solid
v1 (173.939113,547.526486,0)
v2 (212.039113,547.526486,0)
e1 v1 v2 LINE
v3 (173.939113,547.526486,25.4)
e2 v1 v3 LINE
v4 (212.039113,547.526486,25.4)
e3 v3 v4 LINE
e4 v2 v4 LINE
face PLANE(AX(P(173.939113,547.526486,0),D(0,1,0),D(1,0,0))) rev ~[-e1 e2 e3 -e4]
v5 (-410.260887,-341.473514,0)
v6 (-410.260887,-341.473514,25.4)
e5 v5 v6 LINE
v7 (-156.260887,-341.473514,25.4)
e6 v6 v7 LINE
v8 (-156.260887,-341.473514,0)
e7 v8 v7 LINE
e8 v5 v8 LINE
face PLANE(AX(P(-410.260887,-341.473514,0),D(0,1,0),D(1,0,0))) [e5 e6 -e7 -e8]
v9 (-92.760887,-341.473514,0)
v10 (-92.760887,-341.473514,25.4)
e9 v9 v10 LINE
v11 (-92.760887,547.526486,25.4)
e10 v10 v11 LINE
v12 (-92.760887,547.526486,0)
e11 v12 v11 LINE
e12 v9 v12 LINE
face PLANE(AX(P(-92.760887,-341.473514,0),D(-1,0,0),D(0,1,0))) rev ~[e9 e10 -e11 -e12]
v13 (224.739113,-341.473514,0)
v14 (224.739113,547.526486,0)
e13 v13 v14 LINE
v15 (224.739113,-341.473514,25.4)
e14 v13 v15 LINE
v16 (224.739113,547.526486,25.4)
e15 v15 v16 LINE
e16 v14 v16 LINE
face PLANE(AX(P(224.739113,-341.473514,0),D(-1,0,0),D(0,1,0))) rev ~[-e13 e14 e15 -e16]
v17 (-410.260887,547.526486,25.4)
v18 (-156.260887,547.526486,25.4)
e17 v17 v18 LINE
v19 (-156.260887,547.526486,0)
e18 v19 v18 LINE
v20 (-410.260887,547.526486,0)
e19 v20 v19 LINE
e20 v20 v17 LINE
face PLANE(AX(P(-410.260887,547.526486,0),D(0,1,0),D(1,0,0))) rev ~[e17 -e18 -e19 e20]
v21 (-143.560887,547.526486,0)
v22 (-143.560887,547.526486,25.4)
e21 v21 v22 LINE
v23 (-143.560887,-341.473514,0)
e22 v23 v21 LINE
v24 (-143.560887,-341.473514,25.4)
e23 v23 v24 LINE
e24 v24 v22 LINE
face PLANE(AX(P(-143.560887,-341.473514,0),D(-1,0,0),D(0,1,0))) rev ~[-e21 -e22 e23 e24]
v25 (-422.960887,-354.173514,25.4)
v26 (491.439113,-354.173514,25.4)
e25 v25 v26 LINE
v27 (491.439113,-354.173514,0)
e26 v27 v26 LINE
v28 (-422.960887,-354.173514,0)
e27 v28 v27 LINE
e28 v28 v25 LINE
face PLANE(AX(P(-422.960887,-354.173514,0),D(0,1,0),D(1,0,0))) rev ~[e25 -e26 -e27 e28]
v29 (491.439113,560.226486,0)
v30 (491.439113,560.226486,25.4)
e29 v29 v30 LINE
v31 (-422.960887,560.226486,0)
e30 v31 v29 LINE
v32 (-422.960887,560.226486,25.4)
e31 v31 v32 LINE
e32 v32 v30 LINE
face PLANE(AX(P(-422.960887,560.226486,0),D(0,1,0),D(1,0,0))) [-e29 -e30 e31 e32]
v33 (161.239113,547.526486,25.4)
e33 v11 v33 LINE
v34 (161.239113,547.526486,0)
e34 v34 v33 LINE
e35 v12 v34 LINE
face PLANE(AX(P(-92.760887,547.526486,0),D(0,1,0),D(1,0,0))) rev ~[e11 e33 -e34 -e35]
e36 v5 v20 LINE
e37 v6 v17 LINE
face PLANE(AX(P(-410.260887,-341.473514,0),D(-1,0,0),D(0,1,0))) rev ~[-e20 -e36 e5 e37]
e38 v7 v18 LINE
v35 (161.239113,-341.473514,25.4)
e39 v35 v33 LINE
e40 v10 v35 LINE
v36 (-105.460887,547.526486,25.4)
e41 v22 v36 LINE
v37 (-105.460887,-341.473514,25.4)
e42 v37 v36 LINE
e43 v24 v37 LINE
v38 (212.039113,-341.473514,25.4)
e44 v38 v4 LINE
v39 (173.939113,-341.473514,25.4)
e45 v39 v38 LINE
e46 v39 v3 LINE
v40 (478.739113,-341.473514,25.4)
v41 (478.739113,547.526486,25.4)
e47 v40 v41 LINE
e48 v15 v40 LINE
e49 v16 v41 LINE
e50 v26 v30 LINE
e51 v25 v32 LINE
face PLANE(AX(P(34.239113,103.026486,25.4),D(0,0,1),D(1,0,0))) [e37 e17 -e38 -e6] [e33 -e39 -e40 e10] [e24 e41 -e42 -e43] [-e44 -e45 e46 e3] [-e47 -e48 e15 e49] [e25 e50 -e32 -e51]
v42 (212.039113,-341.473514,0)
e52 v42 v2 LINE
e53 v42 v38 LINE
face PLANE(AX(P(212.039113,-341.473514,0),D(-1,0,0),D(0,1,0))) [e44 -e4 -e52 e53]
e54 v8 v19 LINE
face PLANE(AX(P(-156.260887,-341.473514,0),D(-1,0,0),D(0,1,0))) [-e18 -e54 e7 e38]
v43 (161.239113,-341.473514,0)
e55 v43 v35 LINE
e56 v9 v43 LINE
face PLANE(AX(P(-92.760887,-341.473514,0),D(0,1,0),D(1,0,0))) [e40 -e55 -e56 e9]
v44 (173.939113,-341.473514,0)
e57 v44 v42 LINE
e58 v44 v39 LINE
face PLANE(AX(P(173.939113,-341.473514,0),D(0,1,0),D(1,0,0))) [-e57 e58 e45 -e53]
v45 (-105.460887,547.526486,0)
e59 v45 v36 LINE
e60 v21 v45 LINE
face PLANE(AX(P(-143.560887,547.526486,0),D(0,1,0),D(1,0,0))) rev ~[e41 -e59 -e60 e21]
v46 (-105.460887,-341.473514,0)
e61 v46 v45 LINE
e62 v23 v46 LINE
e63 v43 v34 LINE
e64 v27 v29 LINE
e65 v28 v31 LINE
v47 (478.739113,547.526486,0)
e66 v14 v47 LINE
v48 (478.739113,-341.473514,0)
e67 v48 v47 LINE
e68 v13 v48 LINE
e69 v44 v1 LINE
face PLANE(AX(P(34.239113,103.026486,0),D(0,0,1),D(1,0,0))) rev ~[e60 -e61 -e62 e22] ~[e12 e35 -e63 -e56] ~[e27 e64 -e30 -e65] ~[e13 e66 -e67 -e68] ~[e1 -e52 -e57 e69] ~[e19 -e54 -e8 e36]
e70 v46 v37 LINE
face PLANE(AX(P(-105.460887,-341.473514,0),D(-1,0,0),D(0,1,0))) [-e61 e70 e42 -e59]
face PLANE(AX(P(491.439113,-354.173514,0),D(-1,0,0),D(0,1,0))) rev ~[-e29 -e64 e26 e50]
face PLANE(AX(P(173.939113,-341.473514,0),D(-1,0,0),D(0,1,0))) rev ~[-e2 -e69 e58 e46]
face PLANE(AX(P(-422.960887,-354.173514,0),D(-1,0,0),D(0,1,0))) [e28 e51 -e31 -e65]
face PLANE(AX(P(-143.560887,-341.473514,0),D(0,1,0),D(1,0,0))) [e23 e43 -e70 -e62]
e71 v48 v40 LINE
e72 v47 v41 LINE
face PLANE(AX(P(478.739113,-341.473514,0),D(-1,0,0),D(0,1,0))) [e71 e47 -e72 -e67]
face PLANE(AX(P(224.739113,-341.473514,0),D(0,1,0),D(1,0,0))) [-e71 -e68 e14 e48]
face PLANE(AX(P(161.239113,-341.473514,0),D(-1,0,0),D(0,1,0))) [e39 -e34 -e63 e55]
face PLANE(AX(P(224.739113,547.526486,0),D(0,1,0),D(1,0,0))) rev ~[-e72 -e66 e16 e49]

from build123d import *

# Parameters (mm, degrees)
F0_W     = 914.4
F0_H     = 914.4
F0_W_2   = 254
F0_H_2   = 889
F0_W_3   = 38.1
F1_DEPTH = 25.4


with BuildPart() as f1:
    # F0 (on Top) → F1 (new body)
    with BuildSketch(Plane.XY):
        with Locations((34.239113, 103.026486)):
            Rectangle(F0_W, F0_H)
        with Locations((-283.260887, 103.026486)):
            Rectangle(F0_W_2, F0_H_2, mode=Mode.SUBTRACT)
        with Locations((-124.510887, 103.026486)):
            Rectangle(F0_W_3, F0_H_2, mode=Mode.SUBTRACT)
        with Locations((34.239113, 103.026486)):
            Rectangle(F0_W_2, F0_H_2, mode=Mode.SUBTRACT)
        with Locations((192.989113, 103.026486)):
            Rectangle(F0_W_3, F0_H_2, mode=Mode.SUBTRACT)
        with Locations((351.739113, 103.026486)):
            Rectangle(F0_W_2, F0_H_2, mode=Mode.SUBTRACT)
    extrude(amount=F1_DEPTH)


solid = f1.part
